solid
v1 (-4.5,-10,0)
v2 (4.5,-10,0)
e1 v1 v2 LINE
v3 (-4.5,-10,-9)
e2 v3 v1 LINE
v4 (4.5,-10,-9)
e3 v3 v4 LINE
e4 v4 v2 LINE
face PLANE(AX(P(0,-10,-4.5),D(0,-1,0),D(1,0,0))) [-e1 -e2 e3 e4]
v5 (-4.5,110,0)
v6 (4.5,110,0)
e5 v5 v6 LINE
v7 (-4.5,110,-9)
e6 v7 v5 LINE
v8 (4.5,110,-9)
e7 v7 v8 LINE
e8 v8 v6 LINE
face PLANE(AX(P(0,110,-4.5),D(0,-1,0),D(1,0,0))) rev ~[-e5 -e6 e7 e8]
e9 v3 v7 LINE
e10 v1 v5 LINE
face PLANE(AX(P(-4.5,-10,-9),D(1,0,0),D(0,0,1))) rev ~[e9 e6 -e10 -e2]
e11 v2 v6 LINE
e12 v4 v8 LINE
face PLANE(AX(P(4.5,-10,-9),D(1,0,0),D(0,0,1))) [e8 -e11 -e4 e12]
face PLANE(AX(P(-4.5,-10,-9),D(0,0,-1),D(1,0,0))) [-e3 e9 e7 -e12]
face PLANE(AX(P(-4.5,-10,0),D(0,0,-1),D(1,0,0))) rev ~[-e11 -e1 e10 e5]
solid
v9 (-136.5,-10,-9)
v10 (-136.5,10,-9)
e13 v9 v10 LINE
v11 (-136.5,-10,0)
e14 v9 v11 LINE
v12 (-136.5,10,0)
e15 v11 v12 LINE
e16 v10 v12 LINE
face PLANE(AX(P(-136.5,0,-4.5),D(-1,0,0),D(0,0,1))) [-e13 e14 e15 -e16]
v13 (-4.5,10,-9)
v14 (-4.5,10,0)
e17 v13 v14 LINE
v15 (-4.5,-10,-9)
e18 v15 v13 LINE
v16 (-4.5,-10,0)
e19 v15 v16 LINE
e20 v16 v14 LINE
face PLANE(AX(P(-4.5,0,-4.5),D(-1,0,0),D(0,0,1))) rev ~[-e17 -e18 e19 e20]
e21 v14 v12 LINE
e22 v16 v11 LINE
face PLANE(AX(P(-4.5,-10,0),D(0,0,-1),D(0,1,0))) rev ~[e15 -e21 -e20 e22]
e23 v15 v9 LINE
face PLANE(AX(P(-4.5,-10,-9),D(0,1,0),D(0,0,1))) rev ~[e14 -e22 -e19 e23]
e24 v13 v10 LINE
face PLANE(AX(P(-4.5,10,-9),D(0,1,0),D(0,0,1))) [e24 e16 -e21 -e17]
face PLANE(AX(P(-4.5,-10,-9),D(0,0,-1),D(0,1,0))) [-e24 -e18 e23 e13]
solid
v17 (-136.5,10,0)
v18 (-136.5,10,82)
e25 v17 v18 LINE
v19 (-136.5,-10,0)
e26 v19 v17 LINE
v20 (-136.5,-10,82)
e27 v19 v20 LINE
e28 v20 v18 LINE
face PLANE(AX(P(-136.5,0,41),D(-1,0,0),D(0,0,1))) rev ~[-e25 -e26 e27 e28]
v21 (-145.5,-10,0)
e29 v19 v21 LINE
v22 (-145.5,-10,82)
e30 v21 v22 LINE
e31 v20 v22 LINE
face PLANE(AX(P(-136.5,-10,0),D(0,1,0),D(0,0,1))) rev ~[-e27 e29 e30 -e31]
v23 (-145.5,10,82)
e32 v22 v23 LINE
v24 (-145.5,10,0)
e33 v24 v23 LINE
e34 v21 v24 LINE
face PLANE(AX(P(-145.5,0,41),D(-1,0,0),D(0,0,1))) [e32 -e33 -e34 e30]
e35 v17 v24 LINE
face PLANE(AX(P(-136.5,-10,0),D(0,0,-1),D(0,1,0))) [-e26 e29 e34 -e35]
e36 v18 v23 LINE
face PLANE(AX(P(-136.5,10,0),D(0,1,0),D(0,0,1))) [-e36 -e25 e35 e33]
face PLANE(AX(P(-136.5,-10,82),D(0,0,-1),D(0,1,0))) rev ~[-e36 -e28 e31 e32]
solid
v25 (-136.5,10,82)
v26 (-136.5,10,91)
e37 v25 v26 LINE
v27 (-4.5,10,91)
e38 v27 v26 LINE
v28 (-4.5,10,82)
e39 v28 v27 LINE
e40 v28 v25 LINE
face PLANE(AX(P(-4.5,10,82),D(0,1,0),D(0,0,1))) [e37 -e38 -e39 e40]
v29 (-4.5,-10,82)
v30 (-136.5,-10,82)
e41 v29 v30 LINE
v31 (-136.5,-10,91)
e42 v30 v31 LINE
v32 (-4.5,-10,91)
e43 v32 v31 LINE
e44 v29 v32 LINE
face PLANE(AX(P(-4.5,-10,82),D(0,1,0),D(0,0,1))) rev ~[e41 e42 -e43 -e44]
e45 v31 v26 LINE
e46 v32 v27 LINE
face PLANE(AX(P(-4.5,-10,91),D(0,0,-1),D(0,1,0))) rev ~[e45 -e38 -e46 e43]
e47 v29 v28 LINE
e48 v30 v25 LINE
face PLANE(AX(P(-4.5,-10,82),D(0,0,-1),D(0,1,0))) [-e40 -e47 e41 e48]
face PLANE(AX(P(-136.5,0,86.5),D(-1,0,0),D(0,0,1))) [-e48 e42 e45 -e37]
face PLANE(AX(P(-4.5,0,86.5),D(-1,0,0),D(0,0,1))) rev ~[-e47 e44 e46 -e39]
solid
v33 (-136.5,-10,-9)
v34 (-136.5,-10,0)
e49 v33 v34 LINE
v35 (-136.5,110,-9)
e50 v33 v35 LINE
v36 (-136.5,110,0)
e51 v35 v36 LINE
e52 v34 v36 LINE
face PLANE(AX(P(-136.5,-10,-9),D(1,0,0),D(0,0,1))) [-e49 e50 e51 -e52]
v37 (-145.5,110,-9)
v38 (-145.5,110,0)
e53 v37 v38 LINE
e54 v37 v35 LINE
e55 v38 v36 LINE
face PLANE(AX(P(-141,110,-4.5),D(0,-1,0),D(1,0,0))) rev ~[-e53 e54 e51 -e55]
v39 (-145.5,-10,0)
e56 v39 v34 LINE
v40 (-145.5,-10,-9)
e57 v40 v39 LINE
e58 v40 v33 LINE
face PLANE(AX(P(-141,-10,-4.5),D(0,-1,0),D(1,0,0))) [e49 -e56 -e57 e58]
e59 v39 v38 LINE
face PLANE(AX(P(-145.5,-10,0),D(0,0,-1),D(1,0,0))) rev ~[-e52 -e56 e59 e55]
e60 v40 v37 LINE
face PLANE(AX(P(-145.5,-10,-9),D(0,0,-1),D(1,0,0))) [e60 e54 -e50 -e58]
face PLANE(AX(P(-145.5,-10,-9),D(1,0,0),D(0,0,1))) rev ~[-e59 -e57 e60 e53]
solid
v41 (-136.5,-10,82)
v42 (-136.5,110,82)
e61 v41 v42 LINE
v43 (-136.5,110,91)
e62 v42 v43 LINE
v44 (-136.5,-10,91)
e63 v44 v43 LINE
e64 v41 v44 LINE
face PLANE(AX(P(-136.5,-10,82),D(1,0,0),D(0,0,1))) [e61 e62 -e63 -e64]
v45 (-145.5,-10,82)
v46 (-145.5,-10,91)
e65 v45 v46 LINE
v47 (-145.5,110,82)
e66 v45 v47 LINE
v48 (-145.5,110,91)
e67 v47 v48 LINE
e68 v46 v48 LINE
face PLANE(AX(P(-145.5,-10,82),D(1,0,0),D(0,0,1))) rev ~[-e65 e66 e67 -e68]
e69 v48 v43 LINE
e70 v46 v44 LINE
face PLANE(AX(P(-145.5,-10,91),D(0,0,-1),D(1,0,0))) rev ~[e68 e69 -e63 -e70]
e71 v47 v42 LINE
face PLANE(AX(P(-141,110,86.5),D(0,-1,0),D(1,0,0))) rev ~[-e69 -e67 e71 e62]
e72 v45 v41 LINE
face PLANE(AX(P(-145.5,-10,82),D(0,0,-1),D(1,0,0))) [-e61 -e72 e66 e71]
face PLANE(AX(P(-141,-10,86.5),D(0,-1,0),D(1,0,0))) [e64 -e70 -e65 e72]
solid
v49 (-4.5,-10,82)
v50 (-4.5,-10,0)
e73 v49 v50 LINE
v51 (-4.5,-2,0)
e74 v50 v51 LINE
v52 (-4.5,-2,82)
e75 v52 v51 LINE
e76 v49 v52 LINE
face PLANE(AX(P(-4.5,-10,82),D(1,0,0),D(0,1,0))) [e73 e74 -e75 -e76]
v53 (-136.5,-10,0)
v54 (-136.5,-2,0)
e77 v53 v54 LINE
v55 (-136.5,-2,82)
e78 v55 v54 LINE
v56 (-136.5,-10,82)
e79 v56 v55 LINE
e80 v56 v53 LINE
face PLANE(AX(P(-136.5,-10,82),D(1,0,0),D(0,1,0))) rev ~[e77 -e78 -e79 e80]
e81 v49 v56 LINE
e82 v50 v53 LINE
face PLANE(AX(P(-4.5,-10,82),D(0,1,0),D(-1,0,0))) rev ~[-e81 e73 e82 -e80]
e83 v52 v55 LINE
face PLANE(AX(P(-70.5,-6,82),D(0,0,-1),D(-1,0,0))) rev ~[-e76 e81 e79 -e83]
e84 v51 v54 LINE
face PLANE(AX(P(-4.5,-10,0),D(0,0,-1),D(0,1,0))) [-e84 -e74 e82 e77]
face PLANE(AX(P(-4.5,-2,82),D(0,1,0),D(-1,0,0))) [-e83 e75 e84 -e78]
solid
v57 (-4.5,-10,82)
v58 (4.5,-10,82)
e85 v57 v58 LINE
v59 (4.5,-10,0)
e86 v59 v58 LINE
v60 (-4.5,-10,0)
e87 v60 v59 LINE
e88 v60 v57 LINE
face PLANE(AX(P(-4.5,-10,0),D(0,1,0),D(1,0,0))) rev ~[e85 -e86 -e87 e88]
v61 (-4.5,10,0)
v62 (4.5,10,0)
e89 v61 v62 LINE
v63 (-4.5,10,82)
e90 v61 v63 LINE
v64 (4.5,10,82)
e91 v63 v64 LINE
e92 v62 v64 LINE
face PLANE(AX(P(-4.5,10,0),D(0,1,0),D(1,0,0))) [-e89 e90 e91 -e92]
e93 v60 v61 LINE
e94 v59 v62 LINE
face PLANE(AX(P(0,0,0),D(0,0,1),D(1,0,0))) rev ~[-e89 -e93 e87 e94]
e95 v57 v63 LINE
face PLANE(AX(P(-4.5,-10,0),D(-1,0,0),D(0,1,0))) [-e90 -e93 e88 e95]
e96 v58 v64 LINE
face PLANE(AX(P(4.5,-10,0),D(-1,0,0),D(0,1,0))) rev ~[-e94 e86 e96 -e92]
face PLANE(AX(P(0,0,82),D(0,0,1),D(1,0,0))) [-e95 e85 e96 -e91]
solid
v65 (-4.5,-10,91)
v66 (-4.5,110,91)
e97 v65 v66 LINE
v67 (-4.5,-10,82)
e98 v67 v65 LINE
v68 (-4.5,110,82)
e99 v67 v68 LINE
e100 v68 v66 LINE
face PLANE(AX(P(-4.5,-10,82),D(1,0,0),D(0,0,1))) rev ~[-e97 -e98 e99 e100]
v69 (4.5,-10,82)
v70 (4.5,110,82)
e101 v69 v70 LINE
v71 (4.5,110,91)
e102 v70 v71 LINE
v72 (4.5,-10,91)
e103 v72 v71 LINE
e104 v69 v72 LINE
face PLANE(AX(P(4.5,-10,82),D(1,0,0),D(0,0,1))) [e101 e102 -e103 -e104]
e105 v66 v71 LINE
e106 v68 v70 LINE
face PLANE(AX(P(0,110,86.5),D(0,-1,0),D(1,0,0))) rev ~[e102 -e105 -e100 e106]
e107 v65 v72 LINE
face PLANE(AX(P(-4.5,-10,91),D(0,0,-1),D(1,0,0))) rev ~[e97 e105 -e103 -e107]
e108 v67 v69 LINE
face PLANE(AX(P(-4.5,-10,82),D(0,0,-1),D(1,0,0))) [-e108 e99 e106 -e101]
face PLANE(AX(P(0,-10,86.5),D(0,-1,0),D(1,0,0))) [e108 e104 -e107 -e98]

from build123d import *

# Parameters (mm, degrees)
SKETCH3_W              = 9
SKETCH3_H              = 20
BOSS_EXTRUDE2_DEPTH    = 82
SKETCH7_W              = 9
SKETCH7_H              = 20
BOSS_EXTRUDE7_DEPTH    = 132
SKETCH8_W              = 82
SKETCH8_H              = 20
BOSS_EXTRUDE8_DEPTH    = 9
SKETCH9_W              = 9
SKETCH9_H              = 20
BOSS_EXTRUDE9_DEPTH    = 132
BOSS_EXTRUDE13_REACH   = 173.905
SKETCH11_W             = 132
SKETCH11_H             = 8
SKETCH12_W             = 9
SKETCH12_H             = 9
BOSS_EXTRUDE14_DEPTH   = 120
BOSS_EXTRUDE14_2_DEPTH = 120
BOSS_EXTRUDE14_3_DEPTH = 120
BOSS_EXTRUDE14_4_DEPTH = 120


with BuildPart() as part:
    # Sketch3 → Boss-Extrude2 (new body)
    with BuildSketch(Plane.XY):
        Rectangle(SKETCH3_W, SKETCH3_H)
    extrude(amount=BOSS_EXTRUDE2_DEPTH)


with BuildPart() as body_2:
    # Sketch7 → Boss-Extrude7 (new body)
    with BuildSketch(Plane.ZY.offset(4.5)):
        with Locations((86.5, 0)):
            Rectangle(SKETCH7_W, SKETCH7_H)
    extrude(amount=BOSS_EXTRUDE7_DEPTH)


with BuildPart() as body_3:
    # Sketch8 → Boss-Extrude8 (new body)
    with BuildSketch(Plane.ZY.offset(136.5)):
        with Locations((41, 0)):
            Rectangle(SKETCH8_W, SKETCH8_H)
    extrude(amount=BOSS_EXTRUDE8_DEPTH)


with BuildPart() as body_4:
    # Sketch9 → Boss-Extrude9 (new body)
    with BuildSketch(Plane.ZY.offset(4.5)):
        with Locations((-4.5, 0)):
            Rectangle(SKETCH9_W, SKETCH9_H)
    extrude(amount=BOSS_EXTRUDE9_DEPTH)


with BuildPart() as body_5:

    # Sketch11 → Boss-Extrude13 (new, up to next)
    with BuildSketch(Plane(origin=(0, 0, 82), x_dir=(-1, 0, 0), z_dir=(0, 0, -1)), mode=Mode.PRIVATE) as boss_extrude13_sk1:
        with Locations((70.5, -6)):
            Rectangle(SKETCH11_W, SKETCH11_H)
    boss_extrude13_tool1 = extrude(boss_extrude13_sk1.sketch, amount=BOSS_EXTRUDE13_REACH, mode=Mode.PRIVATE) - body_4.part
    add(boss_extrude13_tool1.solids().sort_by_distance((-70.5, -6, 82))[0])


with BuildPart() as body_6:
    # Sketch12 → Boss-Extrude14 (new body)
    with BuildSketch(Plane.XZ.offset(10)):
        with Locations((-141, 86.5)):
            Rectangle(SKETCH12_W, SKETCH12_H)
    extrude(amount=-BOSS_EXTRUDE14_DEPTH)


with BuildPart() as body_7:
    # Sketch12 → Boss-Extrude14 2 (new body)
    with BuildSketch(Plane.XZ.offset(10)):
        with Locations((0, 86.5)):
            Rectangle(SKETCH12_W, SKETCH12_H)
    extrude(amount=-BOSS_EXTRUDE14_2_DEPTH)


with BuildPart() as body_8:
    # Sketch12 → Boss-Extrude14 3 (new body)
    with BuildSketch(Plane.XZ.offset(10)):
        with Locations((0, -4.5)):
            Rectangle(SKETCH12_W, SKETCH12_H)
    extrude(amount=-BOSS_EXTRUDE14_3_DEPTH)


with BuildPart() as body_9:
    # Sketch12 → Boss-Extrude14 4 (new body)
    with BuildSketch(Plane.XZ.offset(10)):
        with Locations((-141, -4.5)):
            Rectangle(SKETCH12_W, SKETCH12_H)
    extrude(amount=-BOSS_EXTRUDE14_4_DEPTH)


solid = Compound([part.part, body_2.part, body_3.part, body_4.part, body_5.part, body_6.part, body_7.part, body_8.part, body_9.part])
